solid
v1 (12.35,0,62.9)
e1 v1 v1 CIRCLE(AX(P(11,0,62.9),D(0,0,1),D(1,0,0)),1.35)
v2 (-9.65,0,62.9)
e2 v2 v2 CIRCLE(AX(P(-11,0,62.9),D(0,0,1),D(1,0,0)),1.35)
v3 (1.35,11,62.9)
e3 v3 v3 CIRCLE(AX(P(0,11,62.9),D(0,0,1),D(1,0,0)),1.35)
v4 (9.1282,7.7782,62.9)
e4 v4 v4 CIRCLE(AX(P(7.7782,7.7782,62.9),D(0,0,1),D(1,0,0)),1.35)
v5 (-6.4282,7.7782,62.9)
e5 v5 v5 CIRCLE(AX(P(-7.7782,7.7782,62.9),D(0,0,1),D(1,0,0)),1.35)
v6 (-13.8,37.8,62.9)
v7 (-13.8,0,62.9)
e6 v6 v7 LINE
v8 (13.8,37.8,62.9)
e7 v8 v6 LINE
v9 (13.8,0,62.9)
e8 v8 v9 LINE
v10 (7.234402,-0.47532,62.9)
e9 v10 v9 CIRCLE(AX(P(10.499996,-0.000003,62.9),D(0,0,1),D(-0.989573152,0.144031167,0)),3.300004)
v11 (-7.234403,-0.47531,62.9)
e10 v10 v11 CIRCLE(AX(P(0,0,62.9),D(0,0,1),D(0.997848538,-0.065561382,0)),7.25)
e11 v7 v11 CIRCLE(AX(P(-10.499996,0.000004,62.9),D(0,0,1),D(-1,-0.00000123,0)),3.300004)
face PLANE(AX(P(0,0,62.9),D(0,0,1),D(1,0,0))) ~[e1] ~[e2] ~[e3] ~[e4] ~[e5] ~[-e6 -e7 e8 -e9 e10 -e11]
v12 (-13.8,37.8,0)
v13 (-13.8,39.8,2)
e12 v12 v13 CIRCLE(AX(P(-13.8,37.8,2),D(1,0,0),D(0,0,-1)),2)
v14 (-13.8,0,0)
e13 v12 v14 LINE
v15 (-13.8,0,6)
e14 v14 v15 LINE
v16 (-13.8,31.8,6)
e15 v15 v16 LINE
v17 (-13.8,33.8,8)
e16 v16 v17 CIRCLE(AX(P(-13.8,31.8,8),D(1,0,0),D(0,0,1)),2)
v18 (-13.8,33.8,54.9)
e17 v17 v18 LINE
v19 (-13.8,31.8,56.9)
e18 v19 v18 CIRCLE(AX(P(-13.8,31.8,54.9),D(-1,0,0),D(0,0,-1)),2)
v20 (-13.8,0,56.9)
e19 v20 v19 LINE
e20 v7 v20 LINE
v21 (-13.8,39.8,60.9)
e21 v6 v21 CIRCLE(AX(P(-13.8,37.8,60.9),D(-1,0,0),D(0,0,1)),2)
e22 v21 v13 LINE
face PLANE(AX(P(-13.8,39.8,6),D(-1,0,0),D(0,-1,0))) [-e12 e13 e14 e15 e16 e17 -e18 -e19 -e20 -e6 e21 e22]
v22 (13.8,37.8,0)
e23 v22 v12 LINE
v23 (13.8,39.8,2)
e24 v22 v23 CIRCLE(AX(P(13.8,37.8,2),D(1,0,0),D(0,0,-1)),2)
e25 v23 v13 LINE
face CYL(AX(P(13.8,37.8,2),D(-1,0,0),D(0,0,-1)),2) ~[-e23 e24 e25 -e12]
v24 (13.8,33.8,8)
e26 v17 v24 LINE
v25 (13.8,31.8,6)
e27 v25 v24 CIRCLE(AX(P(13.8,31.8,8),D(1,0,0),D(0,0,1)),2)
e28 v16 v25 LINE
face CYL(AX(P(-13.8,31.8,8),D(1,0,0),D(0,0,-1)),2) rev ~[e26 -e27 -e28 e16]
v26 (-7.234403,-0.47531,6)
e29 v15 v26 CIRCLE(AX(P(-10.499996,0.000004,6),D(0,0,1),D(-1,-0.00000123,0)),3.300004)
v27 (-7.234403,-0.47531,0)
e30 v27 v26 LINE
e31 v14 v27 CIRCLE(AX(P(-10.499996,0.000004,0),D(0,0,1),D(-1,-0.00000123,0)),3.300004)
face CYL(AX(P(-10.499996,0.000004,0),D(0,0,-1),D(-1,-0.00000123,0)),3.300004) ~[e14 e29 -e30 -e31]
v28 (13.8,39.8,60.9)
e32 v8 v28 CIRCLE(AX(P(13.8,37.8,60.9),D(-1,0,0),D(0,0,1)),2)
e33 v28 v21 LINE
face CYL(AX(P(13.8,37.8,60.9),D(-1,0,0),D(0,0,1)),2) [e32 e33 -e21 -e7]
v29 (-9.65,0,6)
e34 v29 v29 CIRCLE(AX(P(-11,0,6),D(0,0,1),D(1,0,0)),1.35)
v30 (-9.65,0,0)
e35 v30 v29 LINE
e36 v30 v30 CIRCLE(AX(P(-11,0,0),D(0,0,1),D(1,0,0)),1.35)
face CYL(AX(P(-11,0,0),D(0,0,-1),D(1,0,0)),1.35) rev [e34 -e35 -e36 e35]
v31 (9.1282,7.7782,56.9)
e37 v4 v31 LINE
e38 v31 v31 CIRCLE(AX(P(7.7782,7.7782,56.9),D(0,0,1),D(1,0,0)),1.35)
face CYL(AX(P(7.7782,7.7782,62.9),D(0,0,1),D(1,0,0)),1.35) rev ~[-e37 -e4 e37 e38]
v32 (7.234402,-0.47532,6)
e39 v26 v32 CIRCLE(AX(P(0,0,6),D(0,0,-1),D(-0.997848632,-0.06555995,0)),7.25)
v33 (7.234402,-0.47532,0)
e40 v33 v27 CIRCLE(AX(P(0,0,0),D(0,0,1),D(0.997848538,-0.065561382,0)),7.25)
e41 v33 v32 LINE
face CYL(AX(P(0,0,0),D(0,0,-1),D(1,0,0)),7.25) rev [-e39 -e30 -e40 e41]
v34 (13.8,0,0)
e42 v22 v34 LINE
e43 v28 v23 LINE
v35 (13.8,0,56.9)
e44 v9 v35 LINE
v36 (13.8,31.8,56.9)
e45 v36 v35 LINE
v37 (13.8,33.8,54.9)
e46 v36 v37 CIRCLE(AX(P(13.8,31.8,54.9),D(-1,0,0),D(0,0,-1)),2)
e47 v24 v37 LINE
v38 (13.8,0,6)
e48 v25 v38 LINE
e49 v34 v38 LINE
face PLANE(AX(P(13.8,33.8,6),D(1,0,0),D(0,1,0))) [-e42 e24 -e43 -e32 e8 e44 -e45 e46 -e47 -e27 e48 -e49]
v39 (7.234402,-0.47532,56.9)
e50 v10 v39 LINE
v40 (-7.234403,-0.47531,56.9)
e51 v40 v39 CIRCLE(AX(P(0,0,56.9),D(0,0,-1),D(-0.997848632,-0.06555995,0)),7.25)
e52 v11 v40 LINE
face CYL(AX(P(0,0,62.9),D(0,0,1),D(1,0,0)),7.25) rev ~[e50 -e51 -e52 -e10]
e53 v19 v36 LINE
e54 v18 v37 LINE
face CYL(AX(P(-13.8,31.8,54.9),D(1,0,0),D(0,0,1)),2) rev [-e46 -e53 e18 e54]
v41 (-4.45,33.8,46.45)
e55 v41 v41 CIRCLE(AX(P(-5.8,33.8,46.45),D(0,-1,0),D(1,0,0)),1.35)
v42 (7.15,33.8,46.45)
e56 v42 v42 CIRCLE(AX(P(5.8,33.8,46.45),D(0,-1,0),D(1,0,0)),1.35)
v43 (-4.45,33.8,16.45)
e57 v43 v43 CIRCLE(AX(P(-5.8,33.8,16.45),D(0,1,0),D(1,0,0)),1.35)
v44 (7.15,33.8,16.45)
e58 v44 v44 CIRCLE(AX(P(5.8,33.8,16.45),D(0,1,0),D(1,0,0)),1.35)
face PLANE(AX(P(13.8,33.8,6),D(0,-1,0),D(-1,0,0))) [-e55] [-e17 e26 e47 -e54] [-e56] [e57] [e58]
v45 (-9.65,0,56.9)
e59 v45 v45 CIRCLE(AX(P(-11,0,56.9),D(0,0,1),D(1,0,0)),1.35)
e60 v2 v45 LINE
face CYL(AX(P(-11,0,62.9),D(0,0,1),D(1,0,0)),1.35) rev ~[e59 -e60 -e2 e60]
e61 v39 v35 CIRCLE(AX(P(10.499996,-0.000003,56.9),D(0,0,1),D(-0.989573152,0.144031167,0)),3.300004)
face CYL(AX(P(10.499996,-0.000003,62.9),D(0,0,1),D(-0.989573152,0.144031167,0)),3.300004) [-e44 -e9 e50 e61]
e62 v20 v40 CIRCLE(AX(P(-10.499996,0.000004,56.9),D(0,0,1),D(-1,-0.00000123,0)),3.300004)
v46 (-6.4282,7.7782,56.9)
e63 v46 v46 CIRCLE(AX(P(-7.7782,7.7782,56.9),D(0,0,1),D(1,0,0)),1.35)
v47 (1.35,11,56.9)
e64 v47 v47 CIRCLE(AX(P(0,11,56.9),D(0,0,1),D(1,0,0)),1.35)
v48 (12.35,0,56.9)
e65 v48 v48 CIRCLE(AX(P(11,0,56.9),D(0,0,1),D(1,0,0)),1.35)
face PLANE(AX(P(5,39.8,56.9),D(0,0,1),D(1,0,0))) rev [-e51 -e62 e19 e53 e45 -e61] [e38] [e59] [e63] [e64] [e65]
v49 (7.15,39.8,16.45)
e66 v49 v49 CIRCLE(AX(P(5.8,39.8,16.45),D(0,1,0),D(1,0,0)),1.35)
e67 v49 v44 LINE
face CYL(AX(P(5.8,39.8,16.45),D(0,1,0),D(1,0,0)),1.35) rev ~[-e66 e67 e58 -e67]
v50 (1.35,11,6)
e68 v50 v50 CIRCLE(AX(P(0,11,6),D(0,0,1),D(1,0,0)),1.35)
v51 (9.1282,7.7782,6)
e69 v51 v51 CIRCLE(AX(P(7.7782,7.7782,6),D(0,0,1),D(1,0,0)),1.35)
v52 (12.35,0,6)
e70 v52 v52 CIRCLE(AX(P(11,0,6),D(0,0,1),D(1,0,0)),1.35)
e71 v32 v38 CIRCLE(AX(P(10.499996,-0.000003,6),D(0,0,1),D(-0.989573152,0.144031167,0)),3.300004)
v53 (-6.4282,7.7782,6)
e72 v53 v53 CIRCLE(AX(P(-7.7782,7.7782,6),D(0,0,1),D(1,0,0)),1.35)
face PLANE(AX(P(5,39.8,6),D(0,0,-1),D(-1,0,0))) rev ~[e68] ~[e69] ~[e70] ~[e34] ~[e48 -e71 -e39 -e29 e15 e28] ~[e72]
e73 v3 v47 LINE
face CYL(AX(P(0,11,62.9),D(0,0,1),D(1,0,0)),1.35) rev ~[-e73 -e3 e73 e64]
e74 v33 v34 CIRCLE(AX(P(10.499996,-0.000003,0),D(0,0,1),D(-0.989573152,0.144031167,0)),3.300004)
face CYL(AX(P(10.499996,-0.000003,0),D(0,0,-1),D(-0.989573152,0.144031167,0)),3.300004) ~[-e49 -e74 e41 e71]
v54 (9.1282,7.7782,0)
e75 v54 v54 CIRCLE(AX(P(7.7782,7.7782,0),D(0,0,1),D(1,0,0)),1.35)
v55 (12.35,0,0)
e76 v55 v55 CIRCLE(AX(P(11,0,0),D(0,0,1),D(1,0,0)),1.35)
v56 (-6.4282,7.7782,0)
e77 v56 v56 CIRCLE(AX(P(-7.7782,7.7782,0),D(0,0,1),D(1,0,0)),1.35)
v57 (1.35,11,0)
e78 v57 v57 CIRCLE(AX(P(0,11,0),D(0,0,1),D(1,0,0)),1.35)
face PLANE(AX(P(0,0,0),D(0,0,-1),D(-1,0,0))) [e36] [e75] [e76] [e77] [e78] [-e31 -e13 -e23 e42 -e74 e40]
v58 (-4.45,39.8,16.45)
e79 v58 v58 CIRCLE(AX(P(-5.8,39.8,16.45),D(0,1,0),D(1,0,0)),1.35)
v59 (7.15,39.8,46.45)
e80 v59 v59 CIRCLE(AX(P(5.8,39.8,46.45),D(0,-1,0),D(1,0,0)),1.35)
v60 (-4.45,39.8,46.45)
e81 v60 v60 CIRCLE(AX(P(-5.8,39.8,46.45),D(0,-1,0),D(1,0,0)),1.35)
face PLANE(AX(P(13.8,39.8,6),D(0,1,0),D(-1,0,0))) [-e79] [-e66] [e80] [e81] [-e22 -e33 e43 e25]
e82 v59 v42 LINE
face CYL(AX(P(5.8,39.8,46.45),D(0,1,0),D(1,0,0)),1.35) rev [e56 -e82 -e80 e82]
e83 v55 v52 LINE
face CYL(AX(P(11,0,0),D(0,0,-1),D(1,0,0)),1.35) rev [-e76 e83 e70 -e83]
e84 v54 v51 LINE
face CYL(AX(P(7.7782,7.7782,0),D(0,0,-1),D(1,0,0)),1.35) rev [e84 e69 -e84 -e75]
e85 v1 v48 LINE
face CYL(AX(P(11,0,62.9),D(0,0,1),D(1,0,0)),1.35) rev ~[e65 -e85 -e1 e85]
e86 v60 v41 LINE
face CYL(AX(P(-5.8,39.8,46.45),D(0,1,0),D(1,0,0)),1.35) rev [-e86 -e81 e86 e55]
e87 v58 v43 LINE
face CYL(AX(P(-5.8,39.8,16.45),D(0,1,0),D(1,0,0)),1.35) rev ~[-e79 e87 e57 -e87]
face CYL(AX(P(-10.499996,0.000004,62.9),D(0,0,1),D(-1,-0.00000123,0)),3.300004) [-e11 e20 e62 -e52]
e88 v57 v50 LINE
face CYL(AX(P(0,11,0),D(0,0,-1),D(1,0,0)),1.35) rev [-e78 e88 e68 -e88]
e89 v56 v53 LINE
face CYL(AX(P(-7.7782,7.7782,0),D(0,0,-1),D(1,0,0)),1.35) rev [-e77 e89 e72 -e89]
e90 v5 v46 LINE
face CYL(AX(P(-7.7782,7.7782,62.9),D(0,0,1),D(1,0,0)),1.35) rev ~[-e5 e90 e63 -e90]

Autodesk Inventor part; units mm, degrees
ref_plane "YZ Plane" through (0, 0, 0) normal (1, 0, 0) x (0, 1, 0)
ref_plane "XZ Plane" through (0, 0, 0) normal (0, 1, 0) x (-1, 0, 0)
ref_plane "XY Plane" through (0, 0, 0) normal (0, 0, 1) x (1, 0, 0)
ref_plane "작업 평면1" through (0, 0, 0) normal (0, 0, 1) x (1, 0, 0)
sketch "스케치1" plane through (0, 0, 0) normal (0, 0, 1) x (1, 0, 0)
  circle A0 centre (0, 0) radius 13.8 projected
  circle A1 centre (0, 0) radius 7.2 projected
  circle A2 centre (0, -11) radius 1.2813 projected
  circle A3 centre (-7.7782, -7.7782) radius 1.2813 projected
  circle A4 centre (-11, 0) radius 1.2813 projected
  circle A5 centre (-7.7782, 7.7782) radius 1.2813 projected
  circle A6 centre (0, 11) radius 1.2813 projected
  circle A7 centre (7.7782, 7.7782) radius 1.2813 projected
  circle A8 centre (11, 0) radius 1.2813 projected
  circle A9 centre (7.7782, -7.7782) radius 1.2813 projected
  line L0 (-13.8, 0) -> (-13.8, 13.8)
  line L1 (-13.8, 13.8) -> (13.8, 13.8)
  line L2 (13.8, 13.8) -> (13.8, 0)
  circle A10 centre (0, 0) radius 7.25
  arc A11 (7.2344, 0.4753) -> (13.8, 0) centre (10.5, 0) ccw
  arc A12 (-13.8, 0) -> (-7.2344, 0.4753) centre (-10.5, 0) ccw
  line L3 (7.25, 0) -> (7.2, 0)
  line L4 (-7.2, 0) -> (-7.25, 0)
  circle A13 centre (11, 0) radius 1.35
  circle A14 centre (7.7782, 7.7782) radius 1.35
  circle A15 centre (0, 11) radius 1.35
  circle A16 centre (-7.7782, 7.7782) radius 1.35
  circle A17 centre (-11, 0) radius 1.35
  line L5 (13.8, 13.8) -> (-13.8, 13.8)
  line L6 (-13.8, 13.8) -> (-13.8, 33.8)
  line L7 (-13.8, 33.8) -> (13.8, 33.8)
  line L8 (13.8, 33.8) -> (13.8, 13.8)
  line L9 (3, 33.8) -> (-3, 33.8)
  line L10 (-3, 33.8) -> (-3, 39.8)
  line L11 (-3, 39.8) -> (3, 39.8)
  line L12 (3, 39.8) -> (3, 33.8)
  point P0 (0, 0)
  point P1 (-7.2344, -0.4753)
  point P2 (7.2344, -0.4753)
  dimension "d0" = 14.5
  dimension "d1" = 2.7
  dimension "d2" = 2.7
  dimension "d3" = 2.7
  dimension "d4" = 2.7
  dimension "d5" = 2.7
  dimension "d6" = 20
  dimension "d7" = 6
  dimension "d8" = 6
extrude "돌출1" add sketch "스케치1" along normal blind 6 contours L0 L1 A0 | A0 A11 A10 A12 | A0 L1 L2 | L1 L6 L7 L8 | L10 L11 L12 L7 picked at (-4.6271, 10.5053)
sketch "스케치2" plane through (-3, 39.8, 0) normal (0, 1, 0) x (1, 0, 0)
  circle A0 centre (-5, -3) radius 1.35
  circle A1 centre (11, -3) radius 1.35
  point P0 (3, 0)
  dimension "d11" = 2.7
  dimension "d12" = 2.7
extrude "돌출2" cut sketch "스케치2" against normal blind 20
sketch "스케치3" plane through (0, 0, 6) normal (0, 0, 1) x (1, 0, 0)
  line L0 (-9.35, 33.8) -> (-9.35, 19.8) projected
  line L1 (-6.65, 33.8) -> (-6.65, 19.8) projected
  line L2 (15, 15) -> (-15, 15) projected
  line L3 (6.65, 33.8) -> (6.65, 19.8) projected
  line L4 (9.35, 33.8) -> (9.35, 19.8) projected
  line L5 (9.35, 26.8) -> (6.65, 26.8)
  line L6 (-6.65, 26.8) -> (-9.35, 26.8)
  line L7 (10.6, 27.9) -> (5.4, 27.9)
  line L8 (5.4, 27.9) -> (5.4, 25.7)
  line L9 (5.4, 25.7) -> (10.6, 25.7)
  line L10 (10.6, 25.7) -> (10.6, 27.9)
  line L11 (10.6, 27.9) -> (5.4, 25.7) construction
  line L12 (5.4, 27.9) -> (10.6, 25.7) construction
  line L13 (-5.4, 27.9) -> (-10.6, 27.9)
  line L14 (-10.6, 27.9) -> (-10.6, 25.7)
  line L15 (-10.6, 25.7) -> (-5.4, 25.7)
  line L16 (-5.4, 25.7) -> (-5.4, 27.9)
  line L17 (-5.4, 27.9) -> (-10.6, 25.7) construction
  line L18 (-10.6, 27.9) -> (-5.4, 25.7) construction
  point P0 (0, 0)
  point P1 (8, 26.8)
  point P2 (-8, 26.8)
  dimension "d15" = 5.2
  dimension "d16" = 2.2
  dimension "d17" = 5.2
  dimension "d18" = 2.2
extrude "돌출3" cut sketch "스케치3" against normal blind 20
sketch "스케치4" plane through (-3, 39.8, 0) normal (0, 1, 0) x (1, 0, 0)
  line L0 (-2, 0) -> (8, 0)
  line L1 (8, 0) -> (8, -6)
  line L2 (8, -6) -> (-2, -6)
  line L3 (-2, -6) -> (-2, 0)
  line L4 (-2, 0) -> (8, -6) construction
  line L5 (8, 0) -> (-2, -6) construction
  point P0 (3, 0)
  point P1 (3, -3)
  dimension "d21" = 10
  dimension "d22" = 6
extrude "돌출4" add sketch "스케치4" against normal blind 6
sketch "스케치5" plane through (0, 0, 6) normal (0, 0, 1) x (1, 0, 0)
  line L0 (-5, 33.8) -> (-13.8, 33.8) projected
  line L1 (13.8, 33.8) -> (5, 33.8) projected
  line L2 (-5, 39.8) -> (-5, 33.8) projected
  line L3 (-13.8, 33.8) -> (-13.8, 0) projected
  line L4 (13.8, 0) -> (13.8, 33.8) projected
  line L5 (-5, 39.8) -> (5, 39.8) projected
  line L6 (-13.8, 33.8) -> (13.8, 33.8)
  line L7 (13.8, 33.8) -> (13.8, 39.8)
  line L8 (13.8, 39.8) -> (-13.8, 39.8)
  line L9 (-13.8, 39.8) -> (-13.8, 33.8)
  point P0 (0, 0)
  point P1 (5, 39.8)
extrude "돌출5" cut sketch "스케치5" against normal blind 10
sketch "스케치6" plane through (0, 0, 6) normal (0, 0, 1) x (1, 0, 0)
  line L0 (-13.8, 33.8) -> (-13.8, 0) projected
  line L1 (13.8, 33.8) -> (-13.8, 33.8) projected
  line L2 (13.8, 0) -> (13.8, 33.8) projected
  line L3 (-13.8, 33.8) -> (13.8, 33.8)
  line L4 (13.8, 33.8) -> (13.8, 14.8)
  line L5 (13.8, 14.8) -> (-13.8, 14.8)
  line L6 (-13.8, 14.8) -> (-13.8, 33.8)
  point P0 (0, 0)
  point P1 (-13.8, 14.8)
  dimension "d27" = 19
extrude "돌출6" add sketch "스케치6" against normal blind 6
sketch "스케치7" plane through (0, 0, 6) normal (0, 0, 1) x (1, 0, 0)
  line L0 (13.8, 33.8) -> (-13.8, 33.8) projected
  line L1 (-13.8, 33.8) -> (-13.8, 0) projected
  arc A0 (-13.8, 0) -> (-7.2344, -0.4753) centre (-10.5, 0) ccw projected
  line L2 (13.8, 0) -> (13.8, 33.8) projected
  line L3 (-13.8, 33.8) -> (13.8, 33.8)
  line L4 (13.8, 33.8) -> (13.8, 39.8)
  line L5 (13.8, 39.8) -> (-13.8, 39.8)
  line L6 (-13.8, 39.8) -> (-13.8, 33.8)
  point P0 (0, 0)
  dimension "d30" = 6
extrude "돌출7" add sketch "스케치7" along normal blind 25.45
sketch "스케치8" plane through (0, 0, 6) normal (0, 0, -1) x (-1, 0, 0)
  line L0 (13.8, 39.8) -> (13.8, 33.8) projected
  line L1 (-13.8, 33.8) -> (13.8, 33.8) projected
  line L2 (13.8, 39.8) -> (13.8, 33.8) projected
  line L3 (-13.8, 39.8) -> (13.8, 39.8) projected
  line L4 (-13.8, 33.8) -> (-13.8, 39.8) projected
  line L5 (-13.8, 39.8) -> (13.8, 39.8) projected
  line L6 (-13.8, 39.8) -> (13.8, 39.8)
  line L7 (13.8, 39.8) -> (13.8, 33.8)
  line L8 (13.8, 33.8) -> (-13.8, 33.8)
  line L9 (-13.8, 33.8) -> (-13.8, 39.8)
  point P0 (0, 0)
extrude "돌출8" add sketch "스케치8" along normal blind 6
sketch "스케치9" plane through (-13.8, 39.8, 31.45) normal (0, 1, 0) x (1, 0, 0)
  line L0 (0, 31.45) -> (0, 0) projected
  line L1 (27.6, 0) -> (0, 0) projected
  line L2 (27.6, 31.45) -> (27.6, 0) projected
  line L3 (0, 31.45) -> (27.6, 31.45) projected
  line L4 (27.6, 25.45) -> (0, 25.45) projected
  circle A0 centre (8, 15) radius 1.35
  circle A1 centre (19.6, 15) radius 1.35
  point P0 (13.8, 31.45)
  dimension "d35" = 2.7
  dimension "d36" = 2.7
extrude "돌출9" cut sketch "스케치9" against normal blind 6 contours A0 | A1
fillet "모깎기1" radius 2 2 edges at (0, 39.8, 0) (0, 33.8, 6)
mirror "미러1" about plane through (0, 36.8, 31.45) normal (0, 0, 1)
properties part number "foot_right_64" material "PMMA 플라스틱"
